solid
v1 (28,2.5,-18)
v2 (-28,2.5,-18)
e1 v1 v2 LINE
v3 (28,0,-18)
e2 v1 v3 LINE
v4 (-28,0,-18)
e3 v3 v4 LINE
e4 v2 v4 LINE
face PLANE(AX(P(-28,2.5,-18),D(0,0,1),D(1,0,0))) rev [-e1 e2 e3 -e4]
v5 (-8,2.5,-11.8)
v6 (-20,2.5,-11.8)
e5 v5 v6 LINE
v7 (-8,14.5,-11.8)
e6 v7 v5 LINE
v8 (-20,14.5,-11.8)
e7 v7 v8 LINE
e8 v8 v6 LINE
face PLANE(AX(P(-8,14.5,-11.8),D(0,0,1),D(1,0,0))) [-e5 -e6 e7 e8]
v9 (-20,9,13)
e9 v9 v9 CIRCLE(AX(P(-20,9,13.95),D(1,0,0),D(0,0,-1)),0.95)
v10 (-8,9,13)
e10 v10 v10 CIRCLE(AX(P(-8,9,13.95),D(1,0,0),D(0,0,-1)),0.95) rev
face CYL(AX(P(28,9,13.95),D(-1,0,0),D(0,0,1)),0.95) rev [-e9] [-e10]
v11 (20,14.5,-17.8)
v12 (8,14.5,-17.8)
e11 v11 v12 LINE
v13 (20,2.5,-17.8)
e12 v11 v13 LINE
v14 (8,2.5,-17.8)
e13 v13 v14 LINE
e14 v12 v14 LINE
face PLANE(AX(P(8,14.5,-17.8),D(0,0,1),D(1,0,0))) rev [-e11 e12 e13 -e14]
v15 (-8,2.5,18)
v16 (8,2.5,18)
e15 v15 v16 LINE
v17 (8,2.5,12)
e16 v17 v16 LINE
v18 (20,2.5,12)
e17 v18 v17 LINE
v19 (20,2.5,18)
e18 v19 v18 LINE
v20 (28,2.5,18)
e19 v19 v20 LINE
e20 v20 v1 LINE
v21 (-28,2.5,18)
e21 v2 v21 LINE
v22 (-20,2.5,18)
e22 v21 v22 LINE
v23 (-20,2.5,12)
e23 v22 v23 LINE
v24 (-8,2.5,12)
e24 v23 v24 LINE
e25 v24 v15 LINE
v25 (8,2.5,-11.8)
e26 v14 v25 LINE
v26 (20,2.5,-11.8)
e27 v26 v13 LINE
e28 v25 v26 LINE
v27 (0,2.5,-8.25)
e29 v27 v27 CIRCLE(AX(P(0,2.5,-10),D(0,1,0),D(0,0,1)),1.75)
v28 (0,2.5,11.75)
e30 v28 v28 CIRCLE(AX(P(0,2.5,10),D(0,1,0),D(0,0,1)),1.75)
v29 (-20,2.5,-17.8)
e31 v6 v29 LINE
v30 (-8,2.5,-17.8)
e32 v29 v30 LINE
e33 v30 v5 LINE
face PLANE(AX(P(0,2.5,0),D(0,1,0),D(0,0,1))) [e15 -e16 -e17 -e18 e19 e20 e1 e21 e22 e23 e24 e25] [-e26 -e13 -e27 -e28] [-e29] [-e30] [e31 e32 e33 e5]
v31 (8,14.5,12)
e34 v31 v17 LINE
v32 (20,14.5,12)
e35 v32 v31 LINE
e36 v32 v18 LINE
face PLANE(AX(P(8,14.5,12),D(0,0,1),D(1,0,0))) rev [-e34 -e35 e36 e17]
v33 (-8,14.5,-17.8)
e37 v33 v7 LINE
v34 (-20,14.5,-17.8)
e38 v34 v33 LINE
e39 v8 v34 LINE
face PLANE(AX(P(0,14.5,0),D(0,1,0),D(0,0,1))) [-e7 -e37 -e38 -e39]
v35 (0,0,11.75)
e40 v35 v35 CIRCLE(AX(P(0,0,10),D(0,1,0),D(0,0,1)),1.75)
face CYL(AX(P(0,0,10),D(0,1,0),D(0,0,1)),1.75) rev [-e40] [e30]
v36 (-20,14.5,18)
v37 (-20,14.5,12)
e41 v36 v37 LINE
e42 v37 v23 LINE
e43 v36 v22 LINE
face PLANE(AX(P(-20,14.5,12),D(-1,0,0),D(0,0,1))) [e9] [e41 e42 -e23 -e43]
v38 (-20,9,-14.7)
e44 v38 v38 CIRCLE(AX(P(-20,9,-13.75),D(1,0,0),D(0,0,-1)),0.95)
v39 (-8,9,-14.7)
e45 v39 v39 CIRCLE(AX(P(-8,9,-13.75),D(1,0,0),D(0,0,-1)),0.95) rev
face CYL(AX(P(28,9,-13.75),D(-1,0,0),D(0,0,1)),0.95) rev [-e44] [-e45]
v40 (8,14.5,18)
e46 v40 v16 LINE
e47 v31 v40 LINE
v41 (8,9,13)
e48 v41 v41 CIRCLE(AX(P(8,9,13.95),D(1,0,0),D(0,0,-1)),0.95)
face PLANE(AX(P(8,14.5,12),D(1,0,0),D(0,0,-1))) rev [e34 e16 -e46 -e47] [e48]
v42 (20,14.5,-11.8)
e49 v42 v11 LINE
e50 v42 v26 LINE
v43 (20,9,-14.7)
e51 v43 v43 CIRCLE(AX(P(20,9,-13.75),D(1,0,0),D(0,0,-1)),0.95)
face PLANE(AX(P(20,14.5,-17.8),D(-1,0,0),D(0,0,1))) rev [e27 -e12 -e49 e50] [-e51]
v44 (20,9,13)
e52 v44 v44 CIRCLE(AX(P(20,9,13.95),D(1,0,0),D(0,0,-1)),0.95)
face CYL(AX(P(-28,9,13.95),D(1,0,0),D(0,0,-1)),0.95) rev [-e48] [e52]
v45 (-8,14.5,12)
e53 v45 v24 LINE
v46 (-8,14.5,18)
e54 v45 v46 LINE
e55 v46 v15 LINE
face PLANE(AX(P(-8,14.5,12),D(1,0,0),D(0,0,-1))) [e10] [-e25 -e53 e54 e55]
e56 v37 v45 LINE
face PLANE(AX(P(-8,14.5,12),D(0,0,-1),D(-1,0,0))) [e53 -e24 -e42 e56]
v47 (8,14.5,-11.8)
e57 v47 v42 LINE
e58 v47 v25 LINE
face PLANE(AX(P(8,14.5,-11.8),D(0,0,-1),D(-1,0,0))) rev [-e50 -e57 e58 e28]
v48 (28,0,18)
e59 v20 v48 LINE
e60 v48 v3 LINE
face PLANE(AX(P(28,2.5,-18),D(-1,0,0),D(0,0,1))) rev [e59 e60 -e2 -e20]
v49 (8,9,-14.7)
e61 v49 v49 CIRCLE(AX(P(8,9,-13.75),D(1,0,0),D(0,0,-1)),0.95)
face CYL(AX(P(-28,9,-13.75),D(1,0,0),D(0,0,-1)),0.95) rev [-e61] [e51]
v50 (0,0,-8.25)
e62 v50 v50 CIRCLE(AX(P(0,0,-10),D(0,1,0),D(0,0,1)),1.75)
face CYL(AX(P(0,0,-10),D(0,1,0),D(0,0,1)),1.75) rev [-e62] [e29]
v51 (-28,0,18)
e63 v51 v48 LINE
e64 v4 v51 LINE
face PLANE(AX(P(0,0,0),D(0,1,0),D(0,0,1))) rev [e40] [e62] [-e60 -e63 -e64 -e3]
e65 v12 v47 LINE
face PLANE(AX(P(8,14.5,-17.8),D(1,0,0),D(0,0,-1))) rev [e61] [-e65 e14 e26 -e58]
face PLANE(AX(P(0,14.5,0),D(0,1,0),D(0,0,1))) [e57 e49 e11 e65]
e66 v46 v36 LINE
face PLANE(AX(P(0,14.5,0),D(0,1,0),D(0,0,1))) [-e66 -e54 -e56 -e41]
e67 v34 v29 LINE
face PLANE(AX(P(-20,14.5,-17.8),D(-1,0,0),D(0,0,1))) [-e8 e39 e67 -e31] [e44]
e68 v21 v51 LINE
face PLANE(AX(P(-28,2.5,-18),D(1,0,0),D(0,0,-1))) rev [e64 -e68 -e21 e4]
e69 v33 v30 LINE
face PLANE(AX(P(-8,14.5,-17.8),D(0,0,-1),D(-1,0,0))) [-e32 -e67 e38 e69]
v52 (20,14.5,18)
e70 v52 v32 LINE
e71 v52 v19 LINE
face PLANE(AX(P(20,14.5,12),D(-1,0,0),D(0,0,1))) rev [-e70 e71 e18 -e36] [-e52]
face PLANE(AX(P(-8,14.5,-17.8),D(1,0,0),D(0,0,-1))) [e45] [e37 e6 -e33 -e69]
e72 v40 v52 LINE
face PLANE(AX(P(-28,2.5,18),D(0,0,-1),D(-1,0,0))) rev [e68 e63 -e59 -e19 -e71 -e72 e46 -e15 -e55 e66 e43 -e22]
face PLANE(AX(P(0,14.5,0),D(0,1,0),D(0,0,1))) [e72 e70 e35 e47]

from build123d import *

# Parameters (mm, degrees)
SKETCH_1_W          = 56
SKETCH_1_H          = 36
EXTRUDE_1_DEPTH     = 2.5
SKETCH_2_W          = 12
SKETCH_2_H          = 6
EXTRUDE_2_DEPTH     = 12
SKETCH_3_R          = 0.95
CUT_EXTRUDE_1_DEPTH = 54.275228765
SKETCH_4_R          = 1.75
CUT_EXTRUDE_2_DEPTH = 36.383612026


with BuildPart() as part:
    # 草图1 → 凸台-拉伸1 (new body)
    with BuildSketch(Plane(origin=(0, 0, 0), x_dir=(1, 0, 0), z_dir=(0, 1, 0))):
        Rectangle(SKETCH_1_W, SKETCH_1_H)
    extrude(amount=EXTRUDE_1_DEPTH)

    # 草图2 → 凸台-拉伸2 (add)
    with BuildSketch(Plane(origin=(0, 2.5, 0), x_dir=(1, 0, 0), z_dir=(0, 1, 0))):
        with Locations((14, 14.8)):
            Rectangle(SKETCH_2_W, SKETCH_2_H)
        with Locations((14, -15)):
            Rectangle(SKETCH_2_W, SKETCH_2_H)
    extrude_2 = extrude(amount=EXTRUDE_2_DEPTH)

    # 草图3 → 切除-拉伸1 (cut, through all)
    with BuildSketch(Plane(origin=(20, 0, 0), x_dir=(0, 0, -1), z_dir=(1, 0, 0))):
        with Locations((-13.95, 9)):
            Circle(SKETCH_3_R)
        with Locations((13.75, 9)):
            Circle(SKETCH_3_R)
    cut_extrude_1 = extrude(amount=-CUT_EXTRUDE_1_DEPTH, mode=Mode.SUBTRACT)

    # 镜向1: 凸台-拉伸2, 切除-拉伸1 across plane
    add(extrude_2.mirror(Plane(origin=(0, 0, 0), x_dir=(0, 0, 1), z_dir=(1, 0, 0))))
    add(cut_extrude_1.mirror(Plane(origin=(0, 0, 0), x_dir=(0, 0, 1), z_dir=(1, 0, 0))), mode=Mode.SUBTRACT)

    # 草图4 → 切除-拉伸2 (cut, through all)
    with BuildSketch(Plane(origin=(0, 2.5, 0), x_dir=(1, 0, 0), z_dir=(0, 1, 0))):
        with Locations(Location((0, -10, 0), (0, 0, 270))):
            Circle(SKETCH_4_R)
        with Locations(Location((0, 10, 0), (0, 0, 270))):
            Circle(SKETCH_4_R)
    extrude(amount=-CUT_EXTRUDE_2_DEPTH, mode=Mode.SUBTRACT)


solid = part.part
